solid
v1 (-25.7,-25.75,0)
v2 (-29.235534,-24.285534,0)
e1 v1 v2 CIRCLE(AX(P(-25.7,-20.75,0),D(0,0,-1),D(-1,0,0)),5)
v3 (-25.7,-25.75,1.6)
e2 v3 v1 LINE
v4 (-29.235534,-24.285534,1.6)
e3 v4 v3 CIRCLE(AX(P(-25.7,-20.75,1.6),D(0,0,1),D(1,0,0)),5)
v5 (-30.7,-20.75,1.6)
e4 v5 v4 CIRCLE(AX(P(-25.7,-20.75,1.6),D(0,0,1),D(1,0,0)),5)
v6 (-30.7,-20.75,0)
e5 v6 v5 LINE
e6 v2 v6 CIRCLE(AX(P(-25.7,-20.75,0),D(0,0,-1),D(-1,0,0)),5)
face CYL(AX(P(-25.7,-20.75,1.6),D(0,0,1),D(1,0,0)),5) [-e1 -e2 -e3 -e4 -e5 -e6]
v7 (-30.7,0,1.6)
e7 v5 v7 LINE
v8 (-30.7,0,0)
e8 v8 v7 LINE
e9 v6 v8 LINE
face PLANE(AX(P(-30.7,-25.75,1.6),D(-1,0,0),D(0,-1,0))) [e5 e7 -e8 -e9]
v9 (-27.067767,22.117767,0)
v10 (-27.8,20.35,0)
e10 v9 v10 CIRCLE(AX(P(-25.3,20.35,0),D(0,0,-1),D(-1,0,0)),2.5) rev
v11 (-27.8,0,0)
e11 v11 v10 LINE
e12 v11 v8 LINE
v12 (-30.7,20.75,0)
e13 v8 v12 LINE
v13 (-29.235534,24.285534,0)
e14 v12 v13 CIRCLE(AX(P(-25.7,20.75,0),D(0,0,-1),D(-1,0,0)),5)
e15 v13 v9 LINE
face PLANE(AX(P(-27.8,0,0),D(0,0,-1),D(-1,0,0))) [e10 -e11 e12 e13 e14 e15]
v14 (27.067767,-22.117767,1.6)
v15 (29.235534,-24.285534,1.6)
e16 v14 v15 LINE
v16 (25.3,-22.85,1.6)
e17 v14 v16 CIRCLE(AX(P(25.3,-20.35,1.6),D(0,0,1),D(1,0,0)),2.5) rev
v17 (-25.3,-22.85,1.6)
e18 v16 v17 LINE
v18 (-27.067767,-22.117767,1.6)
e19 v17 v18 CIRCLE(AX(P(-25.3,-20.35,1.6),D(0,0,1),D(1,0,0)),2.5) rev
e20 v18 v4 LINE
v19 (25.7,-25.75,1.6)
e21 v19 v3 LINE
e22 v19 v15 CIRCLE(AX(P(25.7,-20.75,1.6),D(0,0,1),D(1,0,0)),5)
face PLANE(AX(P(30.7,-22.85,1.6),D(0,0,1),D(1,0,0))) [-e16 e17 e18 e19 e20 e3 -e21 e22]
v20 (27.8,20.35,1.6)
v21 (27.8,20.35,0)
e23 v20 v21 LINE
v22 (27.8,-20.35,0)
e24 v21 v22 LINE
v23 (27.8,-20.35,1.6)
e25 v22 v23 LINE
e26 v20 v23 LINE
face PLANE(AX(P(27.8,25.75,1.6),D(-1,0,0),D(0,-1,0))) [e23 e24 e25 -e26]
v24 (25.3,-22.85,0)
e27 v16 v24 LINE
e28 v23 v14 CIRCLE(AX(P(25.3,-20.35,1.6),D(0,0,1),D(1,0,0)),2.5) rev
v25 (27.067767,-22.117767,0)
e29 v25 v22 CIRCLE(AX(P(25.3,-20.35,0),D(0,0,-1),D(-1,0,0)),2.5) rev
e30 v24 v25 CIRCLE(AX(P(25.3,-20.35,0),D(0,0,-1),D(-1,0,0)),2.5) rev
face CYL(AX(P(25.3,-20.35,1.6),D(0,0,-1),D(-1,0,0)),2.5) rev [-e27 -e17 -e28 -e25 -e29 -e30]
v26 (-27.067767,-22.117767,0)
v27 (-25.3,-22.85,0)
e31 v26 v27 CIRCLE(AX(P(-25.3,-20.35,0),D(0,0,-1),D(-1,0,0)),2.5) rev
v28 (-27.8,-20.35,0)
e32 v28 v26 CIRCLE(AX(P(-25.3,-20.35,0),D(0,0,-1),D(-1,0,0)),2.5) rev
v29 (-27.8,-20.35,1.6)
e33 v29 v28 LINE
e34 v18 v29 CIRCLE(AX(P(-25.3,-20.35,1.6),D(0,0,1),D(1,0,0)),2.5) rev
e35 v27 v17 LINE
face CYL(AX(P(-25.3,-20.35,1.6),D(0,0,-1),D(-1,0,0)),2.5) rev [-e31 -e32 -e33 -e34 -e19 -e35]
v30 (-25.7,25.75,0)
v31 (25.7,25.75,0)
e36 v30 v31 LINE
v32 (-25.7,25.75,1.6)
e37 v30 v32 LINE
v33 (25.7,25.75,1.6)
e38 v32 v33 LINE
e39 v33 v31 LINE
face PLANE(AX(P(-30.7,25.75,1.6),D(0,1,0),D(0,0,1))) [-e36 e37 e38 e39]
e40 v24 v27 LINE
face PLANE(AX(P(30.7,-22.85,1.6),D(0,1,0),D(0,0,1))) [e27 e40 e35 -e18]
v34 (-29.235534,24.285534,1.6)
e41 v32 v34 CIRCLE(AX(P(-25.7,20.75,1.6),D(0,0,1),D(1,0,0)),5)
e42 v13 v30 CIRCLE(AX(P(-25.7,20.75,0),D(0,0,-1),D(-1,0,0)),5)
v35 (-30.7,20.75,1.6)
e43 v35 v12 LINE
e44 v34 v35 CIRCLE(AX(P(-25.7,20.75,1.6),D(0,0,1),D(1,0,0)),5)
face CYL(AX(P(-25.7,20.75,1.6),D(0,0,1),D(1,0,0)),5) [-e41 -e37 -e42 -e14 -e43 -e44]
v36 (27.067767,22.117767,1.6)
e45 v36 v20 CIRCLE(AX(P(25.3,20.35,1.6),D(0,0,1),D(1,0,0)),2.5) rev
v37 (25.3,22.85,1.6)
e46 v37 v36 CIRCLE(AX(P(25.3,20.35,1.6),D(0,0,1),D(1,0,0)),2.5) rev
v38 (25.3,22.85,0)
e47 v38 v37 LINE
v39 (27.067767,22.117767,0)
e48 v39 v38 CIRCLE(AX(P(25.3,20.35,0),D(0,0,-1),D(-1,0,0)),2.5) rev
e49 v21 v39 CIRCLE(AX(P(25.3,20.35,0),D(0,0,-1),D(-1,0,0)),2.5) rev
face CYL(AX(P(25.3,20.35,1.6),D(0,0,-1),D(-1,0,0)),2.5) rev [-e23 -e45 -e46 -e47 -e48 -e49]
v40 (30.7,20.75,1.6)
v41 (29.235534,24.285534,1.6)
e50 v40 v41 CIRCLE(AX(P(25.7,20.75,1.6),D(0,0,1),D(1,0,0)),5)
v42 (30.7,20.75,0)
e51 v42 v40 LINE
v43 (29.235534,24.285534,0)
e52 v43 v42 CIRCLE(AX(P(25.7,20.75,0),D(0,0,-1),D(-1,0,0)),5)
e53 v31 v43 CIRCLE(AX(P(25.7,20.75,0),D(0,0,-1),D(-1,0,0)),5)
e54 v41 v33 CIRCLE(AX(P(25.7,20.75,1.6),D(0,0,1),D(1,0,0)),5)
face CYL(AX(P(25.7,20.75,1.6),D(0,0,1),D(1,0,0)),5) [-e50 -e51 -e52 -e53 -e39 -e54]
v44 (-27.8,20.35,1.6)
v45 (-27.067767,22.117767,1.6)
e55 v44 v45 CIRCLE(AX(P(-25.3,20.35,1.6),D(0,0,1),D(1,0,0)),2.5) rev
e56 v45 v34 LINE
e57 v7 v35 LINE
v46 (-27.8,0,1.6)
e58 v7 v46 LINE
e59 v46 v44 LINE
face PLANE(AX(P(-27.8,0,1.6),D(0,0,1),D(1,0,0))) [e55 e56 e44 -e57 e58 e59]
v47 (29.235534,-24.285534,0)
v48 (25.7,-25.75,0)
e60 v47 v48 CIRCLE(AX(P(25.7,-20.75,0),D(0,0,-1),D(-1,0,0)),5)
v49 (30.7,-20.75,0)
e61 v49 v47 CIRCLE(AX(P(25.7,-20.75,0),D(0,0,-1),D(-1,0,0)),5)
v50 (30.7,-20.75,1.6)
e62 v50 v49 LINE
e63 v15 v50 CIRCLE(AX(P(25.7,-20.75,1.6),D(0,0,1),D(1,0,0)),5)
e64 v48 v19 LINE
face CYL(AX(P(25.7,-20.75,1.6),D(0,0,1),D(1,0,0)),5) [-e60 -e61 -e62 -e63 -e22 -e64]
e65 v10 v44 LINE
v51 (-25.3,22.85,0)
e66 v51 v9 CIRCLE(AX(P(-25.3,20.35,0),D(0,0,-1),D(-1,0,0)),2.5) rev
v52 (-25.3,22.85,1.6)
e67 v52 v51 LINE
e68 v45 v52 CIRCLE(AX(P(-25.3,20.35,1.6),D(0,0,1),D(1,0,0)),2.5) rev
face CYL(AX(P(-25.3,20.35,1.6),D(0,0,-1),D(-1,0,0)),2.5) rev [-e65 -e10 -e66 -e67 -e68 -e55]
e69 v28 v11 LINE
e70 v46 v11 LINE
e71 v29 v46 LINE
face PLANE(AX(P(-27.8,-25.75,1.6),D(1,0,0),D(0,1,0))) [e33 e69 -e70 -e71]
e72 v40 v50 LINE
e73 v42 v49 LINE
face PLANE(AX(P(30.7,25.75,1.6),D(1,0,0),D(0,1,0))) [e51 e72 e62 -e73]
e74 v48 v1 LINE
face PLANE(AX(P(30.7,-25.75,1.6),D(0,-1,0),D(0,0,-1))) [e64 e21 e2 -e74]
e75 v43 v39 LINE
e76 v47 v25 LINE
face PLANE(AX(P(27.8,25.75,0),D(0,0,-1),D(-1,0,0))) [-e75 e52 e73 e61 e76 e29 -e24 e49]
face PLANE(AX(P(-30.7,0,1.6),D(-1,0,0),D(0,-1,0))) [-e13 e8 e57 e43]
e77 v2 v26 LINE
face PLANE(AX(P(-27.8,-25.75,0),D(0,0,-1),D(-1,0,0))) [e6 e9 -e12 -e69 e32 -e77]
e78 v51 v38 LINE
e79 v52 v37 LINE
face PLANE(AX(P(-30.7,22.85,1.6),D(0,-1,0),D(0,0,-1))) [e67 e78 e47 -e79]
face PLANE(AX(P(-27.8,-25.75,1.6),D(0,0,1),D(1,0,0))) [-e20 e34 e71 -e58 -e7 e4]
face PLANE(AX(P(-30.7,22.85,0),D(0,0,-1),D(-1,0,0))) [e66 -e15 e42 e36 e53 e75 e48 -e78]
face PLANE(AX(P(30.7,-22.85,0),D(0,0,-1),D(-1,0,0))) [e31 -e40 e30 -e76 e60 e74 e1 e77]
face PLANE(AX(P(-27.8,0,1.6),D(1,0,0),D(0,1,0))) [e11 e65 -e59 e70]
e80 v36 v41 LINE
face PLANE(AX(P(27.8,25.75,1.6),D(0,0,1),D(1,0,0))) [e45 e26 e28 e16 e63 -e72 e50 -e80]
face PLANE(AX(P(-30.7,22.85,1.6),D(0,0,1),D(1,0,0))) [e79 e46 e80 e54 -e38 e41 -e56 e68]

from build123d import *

# Parameters (mm, degrees)
SKETCH2_W = 2.9
SKETCH2_H = 1.6
FILLET1_R = 5
FILLET2_R = 2.5


with BuildPart() as part:
    # Sweep1: sweep along a path in Sketch1
    with BuildLine(Plane.XY) as sweep1_path:
        Line((-30.7, 25.75), (30.7, 25.75))
        Line((30.7, 25.75), (30.7, -25.75))
        Line((30.7, -25.75), (-30.7, -25.75))
        Line((-30.7, -25.75), (-30.7, 25.75))
    # Sketch2 → Sweep1 (sweep)
    with BuildSketch(Plane(origin=(0, 0, 0), x_dir=(1, 0, 0), z_dir=(0, 1, 0))):
        with Locations((-29.25, -0.8)):
            Rectangle(SKETCH2_W, SKETCH2_H)
    sweep(path=sweep1_path.line, transition=Transition.RIGHT)

    # Fillet1
    fillet1_edges = [part.edges().sort_by_distance(p)[0] for p in [
        (30.7, -25.75, 0.8),
        (-30.7, -25.75, 0.8),
        (30.7, 25.75, 0.8),
        (-30.7, 25.75, 0.8),
    ]]
    fillet(fillet1_edges, radius=FILLET1_R)

    # Fillet2
    fillet2_edges = [part.edges().sort_by_distance(p)[0] for p in [
        (27.8, -22.85, 0.8),
        (-27.8, -22.85, 0.8),
        (27.8, 22.85, 0.8),
        (-27.8, 22.85, 0.8),
    ]]
    fillet(fillet2_edges, radius=FILLET2_R)


solid = part.part
